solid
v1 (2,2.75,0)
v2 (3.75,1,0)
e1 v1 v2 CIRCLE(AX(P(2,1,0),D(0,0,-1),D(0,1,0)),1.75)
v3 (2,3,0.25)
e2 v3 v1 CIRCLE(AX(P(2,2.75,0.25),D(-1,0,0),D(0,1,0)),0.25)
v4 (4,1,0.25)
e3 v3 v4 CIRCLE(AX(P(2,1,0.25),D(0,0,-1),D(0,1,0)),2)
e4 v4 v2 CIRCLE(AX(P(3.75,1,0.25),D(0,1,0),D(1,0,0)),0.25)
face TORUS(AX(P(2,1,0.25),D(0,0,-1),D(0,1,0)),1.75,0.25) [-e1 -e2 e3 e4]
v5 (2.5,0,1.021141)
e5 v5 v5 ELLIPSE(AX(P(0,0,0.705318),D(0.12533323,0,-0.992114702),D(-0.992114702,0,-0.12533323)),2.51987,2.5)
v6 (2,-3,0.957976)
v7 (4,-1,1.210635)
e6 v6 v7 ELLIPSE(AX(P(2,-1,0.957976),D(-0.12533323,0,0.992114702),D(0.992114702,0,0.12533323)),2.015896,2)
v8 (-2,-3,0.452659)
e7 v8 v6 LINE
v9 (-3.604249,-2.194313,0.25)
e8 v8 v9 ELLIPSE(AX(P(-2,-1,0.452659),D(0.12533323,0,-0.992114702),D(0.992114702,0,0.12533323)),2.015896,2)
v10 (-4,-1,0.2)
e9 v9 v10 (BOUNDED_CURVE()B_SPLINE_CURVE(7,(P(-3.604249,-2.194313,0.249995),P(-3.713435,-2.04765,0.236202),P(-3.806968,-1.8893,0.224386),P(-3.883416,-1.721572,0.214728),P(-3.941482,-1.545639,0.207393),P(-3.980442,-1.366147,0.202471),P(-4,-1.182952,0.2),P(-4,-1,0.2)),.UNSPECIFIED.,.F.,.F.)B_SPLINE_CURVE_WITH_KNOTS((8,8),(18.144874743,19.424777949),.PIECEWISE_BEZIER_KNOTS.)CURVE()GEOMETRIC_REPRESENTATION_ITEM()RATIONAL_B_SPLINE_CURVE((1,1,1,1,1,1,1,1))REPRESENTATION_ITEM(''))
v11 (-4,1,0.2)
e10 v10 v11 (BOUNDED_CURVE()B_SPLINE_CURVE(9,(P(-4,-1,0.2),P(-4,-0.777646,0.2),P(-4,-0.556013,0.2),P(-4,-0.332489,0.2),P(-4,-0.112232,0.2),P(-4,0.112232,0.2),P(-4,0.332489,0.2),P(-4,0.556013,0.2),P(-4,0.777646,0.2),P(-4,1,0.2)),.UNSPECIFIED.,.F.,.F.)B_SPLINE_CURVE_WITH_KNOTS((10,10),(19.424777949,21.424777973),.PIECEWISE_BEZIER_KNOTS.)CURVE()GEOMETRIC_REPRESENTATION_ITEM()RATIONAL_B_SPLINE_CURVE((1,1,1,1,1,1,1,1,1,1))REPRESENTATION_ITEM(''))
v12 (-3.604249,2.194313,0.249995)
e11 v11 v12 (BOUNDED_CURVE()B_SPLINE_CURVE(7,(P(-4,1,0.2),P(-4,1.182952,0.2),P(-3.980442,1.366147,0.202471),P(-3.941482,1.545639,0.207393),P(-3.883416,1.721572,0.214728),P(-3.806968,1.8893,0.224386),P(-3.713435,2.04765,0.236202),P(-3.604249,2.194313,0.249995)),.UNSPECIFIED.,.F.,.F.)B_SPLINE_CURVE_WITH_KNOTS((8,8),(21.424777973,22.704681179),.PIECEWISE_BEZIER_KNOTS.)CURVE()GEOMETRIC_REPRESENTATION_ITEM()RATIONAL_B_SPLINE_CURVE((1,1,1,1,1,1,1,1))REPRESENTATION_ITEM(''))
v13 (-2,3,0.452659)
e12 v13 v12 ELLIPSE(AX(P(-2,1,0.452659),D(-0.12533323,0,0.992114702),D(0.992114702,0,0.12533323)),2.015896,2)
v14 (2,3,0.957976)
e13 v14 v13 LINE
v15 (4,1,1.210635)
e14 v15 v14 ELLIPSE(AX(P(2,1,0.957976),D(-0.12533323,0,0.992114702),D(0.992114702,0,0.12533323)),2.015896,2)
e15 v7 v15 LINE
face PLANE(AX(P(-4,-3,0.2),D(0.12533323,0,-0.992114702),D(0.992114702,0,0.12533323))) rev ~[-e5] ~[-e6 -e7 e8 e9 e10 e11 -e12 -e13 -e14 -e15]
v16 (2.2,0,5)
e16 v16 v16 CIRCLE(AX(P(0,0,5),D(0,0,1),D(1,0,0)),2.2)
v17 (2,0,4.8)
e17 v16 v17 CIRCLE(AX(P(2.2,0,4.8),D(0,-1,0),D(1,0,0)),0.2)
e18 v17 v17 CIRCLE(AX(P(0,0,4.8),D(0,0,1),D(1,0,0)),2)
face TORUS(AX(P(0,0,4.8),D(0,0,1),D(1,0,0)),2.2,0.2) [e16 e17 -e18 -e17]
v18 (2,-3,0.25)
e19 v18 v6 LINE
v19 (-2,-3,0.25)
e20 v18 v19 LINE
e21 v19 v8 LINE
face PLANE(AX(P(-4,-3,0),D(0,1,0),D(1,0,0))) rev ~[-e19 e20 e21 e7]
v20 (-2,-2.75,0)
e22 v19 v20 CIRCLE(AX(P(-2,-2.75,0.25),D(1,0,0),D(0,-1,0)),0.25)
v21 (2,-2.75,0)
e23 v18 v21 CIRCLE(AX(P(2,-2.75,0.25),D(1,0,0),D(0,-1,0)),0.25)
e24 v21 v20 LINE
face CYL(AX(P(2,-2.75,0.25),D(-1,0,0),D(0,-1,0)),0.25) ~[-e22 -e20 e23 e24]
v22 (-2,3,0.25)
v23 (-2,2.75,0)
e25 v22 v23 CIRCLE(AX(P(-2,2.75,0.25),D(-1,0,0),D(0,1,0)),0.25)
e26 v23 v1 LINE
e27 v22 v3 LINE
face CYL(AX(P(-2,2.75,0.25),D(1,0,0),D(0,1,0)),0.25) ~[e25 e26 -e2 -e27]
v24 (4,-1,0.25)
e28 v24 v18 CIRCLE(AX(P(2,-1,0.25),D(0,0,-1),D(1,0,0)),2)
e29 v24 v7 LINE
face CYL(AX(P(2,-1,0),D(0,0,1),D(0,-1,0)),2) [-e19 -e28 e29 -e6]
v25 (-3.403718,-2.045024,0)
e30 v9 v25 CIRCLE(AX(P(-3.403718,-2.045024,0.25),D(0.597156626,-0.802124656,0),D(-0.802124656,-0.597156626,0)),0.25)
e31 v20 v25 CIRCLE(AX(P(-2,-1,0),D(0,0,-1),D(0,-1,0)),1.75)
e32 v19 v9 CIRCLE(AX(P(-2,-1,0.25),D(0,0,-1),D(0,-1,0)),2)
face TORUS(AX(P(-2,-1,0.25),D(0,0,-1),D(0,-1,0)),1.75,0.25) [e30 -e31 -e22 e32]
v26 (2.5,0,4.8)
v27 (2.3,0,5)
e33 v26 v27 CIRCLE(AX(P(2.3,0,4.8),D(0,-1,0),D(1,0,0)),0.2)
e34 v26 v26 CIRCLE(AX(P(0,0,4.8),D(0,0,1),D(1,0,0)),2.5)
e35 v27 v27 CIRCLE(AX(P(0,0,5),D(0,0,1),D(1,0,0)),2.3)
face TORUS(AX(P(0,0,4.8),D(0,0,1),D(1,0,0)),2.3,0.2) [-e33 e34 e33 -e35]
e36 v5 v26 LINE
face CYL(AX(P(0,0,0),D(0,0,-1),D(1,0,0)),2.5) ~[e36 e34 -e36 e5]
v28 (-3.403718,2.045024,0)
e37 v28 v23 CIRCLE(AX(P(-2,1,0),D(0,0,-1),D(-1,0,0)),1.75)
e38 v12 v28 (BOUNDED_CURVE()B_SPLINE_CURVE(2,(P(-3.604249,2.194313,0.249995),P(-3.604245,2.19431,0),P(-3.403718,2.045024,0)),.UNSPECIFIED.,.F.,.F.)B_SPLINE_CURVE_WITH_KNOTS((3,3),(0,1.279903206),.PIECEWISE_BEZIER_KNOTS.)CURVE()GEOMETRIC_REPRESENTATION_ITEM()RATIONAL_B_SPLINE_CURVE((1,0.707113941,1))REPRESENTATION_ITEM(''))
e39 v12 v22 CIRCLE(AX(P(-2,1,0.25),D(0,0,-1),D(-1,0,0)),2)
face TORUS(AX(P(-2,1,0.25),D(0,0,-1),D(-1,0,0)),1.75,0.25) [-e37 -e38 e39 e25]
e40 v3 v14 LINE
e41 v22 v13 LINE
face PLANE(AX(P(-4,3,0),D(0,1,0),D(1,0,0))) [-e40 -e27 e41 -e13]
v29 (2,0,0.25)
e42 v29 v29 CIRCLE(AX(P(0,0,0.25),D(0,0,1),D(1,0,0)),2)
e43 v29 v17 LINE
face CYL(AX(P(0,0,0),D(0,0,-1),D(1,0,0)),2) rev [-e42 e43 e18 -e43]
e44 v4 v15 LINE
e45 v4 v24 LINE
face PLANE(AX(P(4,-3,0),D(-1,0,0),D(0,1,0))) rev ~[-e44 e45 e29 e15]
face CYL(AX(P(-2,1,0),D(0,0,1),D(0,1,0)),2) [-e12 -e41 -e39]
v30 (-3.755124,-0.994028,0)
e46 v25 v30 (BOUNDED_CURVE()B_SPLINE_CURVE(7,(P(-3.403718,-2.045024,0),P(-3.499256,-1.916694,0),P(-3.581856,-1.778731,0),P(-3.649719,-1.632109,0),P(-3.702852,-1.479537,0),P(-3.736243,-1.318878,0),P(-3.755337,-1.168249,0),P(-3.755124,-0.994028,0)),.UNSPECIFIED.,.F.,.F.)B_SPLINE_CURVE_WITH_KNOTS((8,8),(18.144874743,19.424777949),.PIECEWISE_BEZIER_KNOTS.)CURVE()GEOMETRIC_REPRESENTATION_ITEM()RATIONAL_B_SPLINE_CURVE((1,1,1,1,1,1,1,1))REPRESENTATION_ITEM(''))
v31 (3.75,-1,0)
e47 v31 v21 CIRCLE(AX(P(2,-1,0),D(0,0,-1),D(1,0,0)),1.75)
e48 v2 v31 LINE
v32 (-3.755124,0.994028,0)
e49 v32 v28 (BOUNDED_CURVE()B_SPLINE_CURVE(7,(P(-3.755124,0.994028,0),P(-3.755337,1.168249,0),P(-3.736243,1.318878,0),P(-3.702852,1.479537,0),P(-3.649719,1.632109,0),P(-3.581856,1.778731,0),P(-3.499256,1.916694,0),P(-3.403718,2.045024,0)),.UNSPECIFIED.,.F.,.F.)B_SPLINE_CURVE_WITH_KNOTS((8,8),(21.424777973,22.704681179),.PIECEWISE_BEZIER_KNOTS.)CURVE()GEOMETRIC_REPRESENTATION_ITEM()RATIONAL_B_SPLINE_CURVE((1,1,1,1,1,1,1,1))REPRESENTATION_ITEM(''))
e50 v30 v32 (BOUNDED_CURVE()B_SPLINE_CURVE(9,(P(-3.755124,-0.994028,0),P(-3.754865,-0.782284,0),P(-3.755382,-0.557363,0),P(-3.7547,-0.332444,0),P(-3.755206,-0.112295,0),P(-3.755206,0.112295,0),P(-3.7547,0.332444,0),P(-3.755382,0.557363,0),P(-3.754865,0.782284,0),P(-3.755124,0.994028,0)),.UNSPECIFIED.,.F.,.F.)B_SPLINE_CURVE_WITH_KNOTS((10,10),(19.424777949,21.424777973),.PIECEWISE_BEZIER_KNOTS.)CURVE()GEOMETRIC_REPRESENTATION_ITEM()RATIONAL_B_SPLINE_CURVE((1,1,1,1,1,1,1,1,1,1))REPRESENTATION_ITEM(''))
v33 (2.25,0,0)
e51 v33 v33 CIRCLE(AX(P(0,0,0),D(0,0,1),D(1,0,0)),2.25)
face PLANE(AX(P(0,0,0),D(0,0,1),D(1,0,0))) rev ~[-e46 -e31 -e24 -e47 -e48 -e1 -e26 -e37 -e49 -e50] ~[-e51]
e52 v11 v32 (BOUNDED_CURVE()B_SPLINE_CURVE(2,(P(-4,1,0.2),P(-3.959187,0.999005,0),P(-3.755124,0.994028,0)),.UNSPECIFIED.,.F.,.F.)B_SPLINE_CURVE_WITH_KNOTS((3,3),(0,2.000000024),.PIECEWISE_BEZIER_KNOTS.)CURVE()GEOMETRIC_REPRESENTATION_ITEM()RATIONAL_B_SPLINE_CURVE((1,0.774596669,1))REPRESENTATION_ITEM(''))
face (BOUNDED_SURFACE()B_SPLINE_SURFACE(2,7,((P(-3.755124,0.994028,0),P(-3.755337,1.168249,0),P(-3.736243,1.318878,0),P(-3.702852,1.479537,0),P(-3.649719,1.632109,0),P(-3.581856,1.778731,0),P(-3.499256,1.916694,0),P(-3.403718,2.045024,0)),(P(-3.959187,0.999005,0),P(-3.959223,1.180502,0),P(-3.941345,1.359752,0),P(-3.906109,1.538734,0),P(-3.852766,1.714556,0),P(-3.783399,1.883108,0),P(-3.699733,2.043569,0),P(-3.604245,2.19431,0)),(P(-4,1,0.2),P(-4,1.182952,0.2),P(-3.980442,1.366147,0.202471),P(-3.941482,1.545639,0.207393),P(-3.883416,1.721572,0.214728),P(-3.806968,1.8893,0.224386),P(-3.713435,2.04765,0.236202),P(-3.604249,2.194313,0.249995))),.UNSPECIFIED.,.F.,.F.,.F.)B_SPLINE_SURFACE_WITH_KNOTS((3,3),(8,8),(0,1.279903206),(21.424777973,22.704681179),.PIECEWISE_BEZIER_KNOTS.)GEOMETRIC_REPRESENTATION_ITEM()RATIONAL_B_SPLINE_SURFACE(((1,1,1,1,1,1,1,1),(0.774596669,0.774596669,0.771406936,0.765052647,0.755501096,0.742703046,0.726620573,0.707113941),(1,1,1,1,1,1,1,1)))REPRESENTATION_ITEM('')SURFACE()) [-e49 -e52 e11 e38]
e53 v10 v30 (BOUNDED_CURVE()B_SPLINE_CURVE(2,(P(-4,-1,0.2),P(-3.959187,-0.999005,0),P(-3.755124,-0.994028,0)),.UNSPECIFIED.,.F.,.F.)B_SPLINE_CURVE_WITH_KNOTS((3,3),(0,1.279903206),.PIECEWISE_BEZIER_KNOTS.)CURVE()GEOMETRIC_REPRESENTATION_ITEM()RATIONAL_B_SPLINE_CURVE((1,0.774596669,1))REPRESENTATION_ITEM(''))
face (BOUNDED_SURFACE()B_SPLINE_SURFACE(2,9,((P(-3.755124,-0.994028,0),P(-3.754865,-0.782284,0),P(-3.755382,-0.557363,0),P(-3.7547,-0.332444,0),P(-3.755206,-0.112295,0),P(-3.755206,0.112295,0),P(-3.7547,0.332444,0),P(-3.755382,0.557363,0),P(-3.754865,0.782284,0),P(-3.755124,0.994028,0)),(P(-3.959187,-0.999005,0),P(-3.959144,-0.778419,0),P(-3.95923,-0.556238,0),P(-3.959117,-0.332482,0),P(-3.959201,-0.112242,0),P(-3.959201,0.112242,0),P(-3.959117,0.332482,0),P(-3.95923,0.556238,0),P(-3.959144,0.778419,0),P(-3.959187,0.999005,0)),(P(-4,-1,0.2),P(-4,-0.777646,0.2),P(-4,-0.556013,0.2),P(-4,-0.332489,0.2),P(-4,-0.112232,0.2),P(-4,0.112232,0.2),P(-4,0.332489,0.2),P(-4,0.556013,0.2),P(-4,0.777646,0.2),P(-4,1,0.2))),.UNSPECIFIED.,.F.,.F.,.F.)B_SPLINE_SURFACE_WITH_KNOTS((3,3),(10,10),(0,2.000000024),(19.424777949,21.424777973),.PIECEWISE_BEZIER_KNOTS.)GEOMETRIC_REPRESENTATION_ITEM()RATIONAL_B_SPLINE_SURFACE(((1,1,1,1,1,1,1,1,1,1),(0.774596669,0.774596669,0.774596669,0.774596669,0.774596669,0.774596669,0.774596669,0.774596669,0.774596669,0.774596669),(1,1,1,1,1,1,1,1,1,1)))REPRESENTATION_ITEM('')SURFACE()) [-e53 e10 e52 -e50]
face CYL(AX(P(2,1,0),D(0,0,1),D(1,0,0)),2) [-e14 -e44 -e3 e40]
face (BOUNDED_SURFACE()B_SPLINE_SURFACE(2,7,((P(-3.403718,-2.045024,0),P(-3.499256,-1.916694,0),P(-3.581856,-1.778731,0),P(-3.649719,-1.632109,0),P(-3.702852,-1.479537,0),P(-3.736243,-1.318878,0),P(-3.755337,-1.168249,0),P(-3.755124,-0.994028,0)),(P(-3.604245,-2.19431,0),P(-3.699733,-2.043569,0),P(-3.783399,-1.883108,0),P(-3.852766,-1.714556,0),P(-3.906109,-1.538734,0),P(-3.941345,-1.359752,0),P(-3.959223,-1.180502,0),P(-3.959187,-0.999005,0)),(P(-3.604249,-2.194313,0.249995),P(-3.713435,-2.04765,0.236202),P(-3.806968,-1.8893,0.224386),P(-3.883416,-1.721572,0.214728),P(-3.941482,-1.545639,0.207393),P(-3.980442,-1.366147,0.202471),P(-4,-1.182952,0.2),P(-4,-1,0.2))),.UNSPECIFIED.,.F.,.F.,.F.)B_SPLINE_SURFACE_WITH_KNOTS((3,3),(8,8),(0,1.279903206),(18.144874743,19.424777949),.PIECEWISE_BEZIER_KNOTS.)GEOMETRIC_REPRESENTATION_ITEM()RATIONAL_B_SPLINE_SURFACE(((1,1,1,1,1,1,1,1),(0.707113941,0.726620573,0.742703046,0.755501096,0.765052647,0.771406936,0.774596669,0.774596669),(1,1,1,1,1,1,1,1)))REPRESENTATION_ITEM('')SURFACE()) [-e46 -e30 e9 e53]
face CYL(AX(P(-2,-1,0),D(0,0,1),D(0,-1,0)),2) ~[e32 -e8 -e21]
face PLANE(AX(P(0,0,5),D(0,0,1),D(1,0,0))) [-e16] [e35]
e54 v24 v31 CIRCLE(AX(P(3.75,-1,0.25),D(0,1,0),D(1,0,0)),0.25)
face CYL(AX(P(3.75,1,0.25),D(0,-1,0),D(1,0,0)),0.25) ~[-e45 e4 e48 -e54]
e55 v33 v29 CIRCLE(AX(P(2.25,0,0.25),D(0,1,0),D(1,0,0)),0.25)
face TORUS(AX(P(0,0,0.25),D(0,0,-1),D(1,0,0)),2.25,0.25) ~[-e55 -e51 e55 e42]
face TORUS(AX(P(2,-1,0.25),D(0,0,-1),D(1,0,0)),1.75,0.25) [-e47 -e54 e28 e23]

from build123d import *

# Parameters (mm, degrees)
F0_W     = 8
F0_H     = 6
F0_R     = 2.5
F1_DEPTH = 5
F3_DEPTH = 25
F0_R_2   = 2
F4_DEPTH = 5
F5_R     = 2
F6_R     = 0.25
F7_R     = 0.2


with BuildPart() as f1:
    # F0 (on Top) → F1 (new body)
    with BuildSketch(Plane.XY):
        Rectangle(F0_W, F0_H)
        Circle(F0_R, mode=Mode.SUBTRACT)
    extrude(amount=F1_DEPTH)

    # F2 (on face) → F3 (cut)
    with BuildSketch(Plane.XZ.offset(3)):
        Polygon((-4, 5), (-4, 0.2), (4, 1.210635), (4, 5), align=None)
    extrude(amount=-F3_DEPTH, mode=Mode.SUBTRACT)

    # F0 (on Top) → F4 (join)
    with BuildSketch(Plane.XY):
        Circle(F0_R)
        Circle(F0_R_2, mode=Mode.SUBTRACT)
    extrude(amount=F4_DEPTH)

    # F5
    f5_edges = [f1.edges().sort_by_distance(p)[0] for p in [
        (4, 3, 0.605318),
        (-4, 3, 0.1),
        (-4, -3, 0.1),
        (4, -3, 0.605318),
    ]]
    fillet(f5_edges, radius=F5_R)

    # F6
    f6_edges = [f1.edges().sort_by_distance(p)[0] for p in [
        (0, 3, 0),
        (3.414214, 2.414214, 0),
        (-3.414214, 2.414214, 0),
        (4, 0, 0),
        (-4, 0, 0),
        (3.414214, -2.414214, 0),
        (-3.414214, -2.414214, 0),
        (0, -3, 0),
        (-2, 0, 0),
    ]]
    fillet(f6_edges, radius=F6_R)

    # F7
    f7_edges = [f1.edges().sort_by_distance(p)[0] for p in [
        (-2, 0, 5),
        (-2.5, 0, 5),
    ]]
    fillet(f7_edges, radius=F7_R)


solid = f1.part
